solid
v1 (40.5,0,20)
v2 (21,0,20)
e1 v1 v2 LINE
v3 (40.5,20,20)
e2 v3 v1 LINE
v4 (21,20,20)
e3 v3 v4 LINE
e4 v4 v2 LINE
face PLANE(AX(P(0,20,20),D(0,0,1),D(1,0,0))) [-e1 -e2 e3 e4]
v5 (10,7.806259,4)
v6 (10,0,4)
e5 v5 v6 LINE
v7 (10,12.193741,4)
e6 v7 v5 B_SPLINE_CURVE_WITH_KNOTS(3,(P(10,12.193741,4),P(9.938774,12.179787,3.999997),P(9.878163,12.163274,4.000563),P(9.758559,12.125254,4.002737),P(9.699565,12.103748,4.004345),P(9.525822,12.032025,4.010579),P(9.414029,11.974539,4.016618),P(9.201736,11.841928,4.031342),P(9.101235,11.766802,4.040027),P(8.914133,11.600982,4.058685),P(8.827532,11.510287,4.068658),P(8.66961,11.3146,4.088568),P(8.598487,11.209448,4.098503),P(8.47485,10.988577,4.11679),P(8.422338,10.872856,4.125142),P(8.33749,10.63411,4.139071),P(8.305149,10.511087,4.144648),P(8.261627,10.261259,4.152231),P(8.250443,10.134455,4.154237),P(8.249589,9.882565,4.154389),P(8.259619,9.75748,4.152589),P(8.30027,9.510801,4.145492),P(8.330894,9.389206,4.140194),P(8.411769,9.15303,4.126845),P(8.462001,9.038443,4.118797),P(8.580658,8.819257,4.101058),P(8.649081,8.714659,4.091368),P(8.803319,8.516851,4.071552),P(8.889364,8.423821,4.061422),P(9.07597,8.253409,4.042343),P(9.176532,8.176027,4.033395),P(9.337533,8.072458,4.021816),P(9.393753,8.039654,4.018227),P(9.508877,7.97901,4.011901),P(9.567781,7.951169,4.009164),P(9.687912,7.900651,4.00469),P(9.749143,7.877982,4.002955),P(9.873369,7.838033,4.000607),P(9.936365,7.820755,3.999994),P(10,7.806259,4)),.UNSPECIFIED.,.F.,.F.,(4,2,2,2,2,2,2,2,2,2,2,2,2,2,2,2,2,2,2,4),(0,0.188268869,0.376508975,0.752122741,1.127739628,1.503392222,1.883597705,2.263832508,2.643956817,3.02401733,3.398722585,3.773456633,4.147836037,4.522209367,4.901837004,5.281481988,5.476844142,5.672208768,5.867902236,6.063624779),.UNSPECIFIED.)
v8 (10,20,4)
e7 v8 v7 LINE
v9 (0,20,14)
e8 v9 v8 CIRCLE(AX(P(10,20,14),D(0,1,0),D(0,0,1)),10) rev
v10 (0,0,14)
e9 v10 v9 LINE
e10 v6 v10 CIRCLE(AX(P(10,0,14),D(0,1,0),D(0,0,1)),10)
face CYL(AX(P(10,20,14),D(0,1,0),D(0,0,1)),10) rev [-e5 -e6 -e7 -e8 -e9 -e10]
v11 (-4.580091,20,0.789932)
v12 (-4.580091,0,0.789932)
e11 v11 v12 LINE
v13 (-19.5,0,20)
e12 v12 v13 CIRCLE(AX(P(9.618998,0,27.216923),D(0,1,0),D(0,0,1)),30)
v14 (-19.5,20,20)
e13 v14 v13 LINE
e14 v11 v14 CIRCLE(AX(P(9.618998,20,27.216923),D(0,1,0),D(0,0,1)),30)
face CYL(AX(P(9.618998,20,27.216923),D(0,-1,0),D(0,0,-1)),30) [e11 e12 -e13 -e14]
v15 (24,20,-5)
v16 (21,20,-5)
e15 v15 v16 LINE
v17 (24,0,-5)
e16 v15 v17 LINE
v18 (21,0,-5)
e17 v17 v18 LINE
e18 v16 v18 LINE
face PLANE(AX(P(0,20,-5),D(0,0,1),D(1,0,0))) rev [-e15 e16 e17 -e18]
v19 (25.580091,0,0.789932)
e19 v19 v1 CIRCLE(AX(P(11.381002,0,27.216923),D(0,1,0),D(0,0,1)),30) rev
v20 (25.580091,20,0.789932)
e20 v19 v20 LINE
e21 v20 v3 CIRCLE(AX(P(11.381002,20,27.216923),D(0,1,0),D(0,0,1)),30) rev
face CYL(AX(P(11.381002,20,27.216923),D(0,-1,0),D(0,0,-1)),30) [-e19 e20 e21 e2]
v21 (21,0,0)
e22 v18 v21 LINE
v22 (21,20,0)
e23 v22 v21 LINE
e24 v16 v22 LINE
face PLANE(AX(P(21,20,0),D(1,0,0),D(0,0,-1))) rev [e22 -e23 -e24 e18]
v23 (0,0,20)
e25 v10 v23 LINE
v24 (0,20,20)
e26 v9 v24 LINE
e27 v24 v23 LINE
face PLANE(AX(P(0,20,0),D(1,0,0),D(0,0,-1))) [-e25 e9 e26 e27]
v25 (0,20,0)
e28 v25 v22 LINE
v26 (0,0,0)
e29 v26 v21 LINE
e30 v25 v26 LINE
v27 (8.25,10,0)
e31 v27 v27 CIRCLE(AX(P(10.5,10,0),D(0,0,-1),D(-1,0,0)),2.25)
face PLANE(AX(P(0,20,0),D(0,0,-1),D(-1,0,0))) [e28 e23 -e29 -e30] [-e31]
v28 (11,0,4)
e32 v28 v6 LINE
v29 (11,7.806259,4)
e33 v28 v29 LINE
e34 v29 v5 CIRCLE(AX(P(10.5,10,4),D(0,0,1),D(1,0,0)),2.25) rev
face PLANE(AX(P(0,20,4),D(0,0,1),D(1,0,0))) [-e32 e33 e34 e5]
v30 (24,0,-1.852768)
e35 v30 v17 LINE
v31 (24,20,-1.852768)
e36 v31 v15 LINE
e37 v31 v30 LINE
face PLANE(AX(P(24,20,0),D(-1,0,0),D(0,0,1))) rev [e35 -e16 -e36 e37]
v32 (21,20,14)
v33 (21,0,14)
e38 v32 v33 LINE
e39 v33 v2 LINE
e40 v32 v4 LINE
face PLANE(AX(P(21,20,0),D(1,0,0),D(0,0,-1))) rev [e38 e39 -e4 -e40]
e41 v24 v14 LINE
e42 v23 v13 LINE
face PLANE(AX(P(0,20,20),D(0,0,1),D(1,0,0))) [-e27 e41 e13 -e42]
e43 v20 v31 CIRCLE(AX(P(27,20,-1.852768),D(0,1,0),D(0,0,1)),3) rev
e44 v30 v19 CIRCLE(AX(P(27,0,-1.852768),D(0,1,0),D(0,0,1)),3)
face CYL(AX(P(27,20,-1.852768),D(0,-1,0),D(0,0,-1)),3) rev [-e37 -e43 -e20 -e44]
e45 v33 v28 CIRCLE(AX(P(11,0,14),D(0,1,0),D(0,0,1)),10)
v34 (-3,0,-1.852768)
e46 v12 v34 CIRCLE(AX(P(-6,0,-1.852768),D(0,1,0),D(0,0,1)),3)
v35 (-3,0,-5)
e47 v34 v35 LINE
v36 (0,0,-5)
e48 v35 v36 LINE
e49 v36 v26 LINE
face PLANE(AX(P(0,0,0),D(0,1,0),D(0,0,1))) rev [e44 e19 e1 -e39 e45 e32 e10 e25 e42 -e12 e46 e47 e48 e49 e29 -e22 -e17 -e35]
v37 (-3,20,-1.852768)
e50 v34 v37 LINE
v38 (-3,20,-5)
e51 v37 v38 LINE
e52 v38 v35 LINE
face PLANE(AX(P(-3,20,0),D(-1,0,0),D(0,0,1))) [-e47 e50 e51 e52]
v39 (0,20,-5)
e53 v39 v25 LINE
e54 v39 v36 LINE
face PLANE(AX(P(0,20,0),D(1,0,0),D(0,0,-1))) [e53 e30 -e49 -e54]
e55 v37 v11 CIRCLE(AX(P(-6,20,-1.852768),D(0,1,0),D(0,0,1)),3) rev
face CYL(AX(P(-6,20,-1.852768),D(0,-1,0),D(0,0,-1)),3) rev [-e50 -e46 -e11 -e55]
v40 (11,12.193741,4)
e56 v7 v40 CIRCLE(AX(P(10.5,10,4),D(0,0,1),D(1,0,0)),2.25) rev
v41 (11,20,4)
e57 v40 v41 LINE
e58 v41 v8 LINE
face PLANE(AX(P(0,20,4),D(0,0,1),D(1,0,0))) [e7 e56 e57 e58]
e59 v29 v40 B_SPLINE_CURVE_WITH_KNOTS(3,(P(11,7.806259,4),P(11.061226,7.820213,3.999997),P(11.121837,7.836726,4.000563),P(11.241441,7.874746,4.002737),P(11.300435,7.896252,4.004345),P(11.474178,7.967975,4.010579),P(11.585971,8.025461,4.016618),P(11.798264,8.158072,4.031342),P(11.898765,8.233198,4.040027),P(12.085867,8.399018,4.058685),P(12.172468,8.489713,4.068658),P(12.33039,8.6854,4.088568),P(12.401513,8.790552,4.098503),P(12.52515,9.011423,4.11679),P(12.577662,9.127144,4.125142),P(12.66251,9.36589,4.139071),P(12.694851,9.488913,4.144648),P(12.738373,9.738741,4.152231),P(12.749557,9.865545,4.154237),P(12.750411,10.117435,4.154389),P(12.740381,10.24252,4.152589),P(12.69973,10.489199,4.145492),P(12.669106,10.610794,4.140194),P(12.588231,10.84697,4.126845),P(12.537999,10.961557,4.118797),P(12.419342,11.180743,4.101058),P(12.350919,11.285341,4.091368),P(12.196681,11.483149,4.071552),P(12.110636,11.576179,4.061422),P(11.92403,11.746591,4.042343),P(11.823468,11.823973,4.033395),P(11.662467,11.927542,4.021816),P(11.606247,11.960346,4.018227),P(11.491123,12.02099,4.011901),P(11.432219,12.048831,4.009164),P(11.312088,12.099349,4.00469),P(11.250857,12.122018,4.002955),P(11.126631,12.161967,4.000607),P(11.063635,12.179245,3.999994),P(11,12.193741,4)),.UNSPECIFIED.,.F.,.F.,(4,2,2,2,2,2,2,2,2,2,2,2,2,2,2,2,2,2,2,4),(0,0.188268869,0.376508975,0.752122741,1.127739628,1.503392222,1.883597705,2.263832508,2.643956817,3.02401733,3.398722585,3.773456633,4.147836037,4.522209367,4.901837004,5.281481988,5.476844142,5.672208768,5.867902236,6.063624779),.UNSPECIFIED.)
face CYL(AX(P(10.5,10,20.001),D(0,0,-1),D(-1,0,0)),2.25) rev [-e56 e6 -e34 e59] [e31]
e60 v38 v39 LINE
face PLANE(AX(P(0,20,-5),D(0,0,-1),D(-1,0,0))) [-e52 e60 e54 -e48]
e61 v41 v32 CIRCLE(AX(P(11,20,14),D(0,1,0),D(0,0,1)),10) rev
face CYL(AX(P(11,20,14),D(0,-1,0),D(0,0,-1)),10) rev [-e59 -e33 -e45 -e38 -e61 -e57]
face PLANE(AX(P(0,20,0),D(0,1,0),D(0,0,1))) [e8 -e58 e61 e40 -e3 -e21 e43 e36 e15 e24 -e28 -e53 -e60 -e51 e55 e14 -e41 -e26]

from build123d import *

# Parameters (mm, degrees)
SKETCH_1_W          = 21
SKETCH_1_H          = 4
SKETCH_1_W_2        = 3
SKETCH_1_H_2        = 5
EXTRUDE_1_DEPTH     = 20
FILLET_1_R          = 10
FILLET_2_R          = 3
CUT_EXTRUDE_1_REACH = 51.399
SKETCH_2_R          = 2.25


with BuildPart() as part:
    # 草图1 → 凸台-拉伸1 (new body)
    with BuildSketch(Plane(origin=(0, 0, 0), x_dir=(1, 0, 0), z_dir=(0, 1, 0))):
        with BuildLine():
            Line((0, -4), (0, 0))
            Line((0, 0), (-3, 0))
            ThreePointArc((-3, 0), (-13.522200743, -8.125434387), (-19.5, -20))
            Line((-19.5, -20), (0, -20))
            Line((0, -20), (0, -4))
        make_face()
        with Locations((10.5, -2)):
            Rectangle(SKETCH_1_W, SKETCH_1_H)
        with Locations((-1.5, 2.5)):
            Rectangle(SKETCH_1_W_2, SKETCH_1_H_2)
        with Locations((22.5, 2.5)):
            Rectangle(SKETCH_1_W_2, SKETCH_1_H_2)
        with BuildLine():
            Line((24, 0), (21, 0))
            Line((21, 0), (21, -4))
            Line((21, -4), (21, -20))
            Line((21, -20), (40.5, -20))
            ThreePointArc((40.5, -20), (34.522200743, -8.125434387), (24, 0))
        make_face()
    extrude(amount=EXTRUDE_1_DEPTH)

    # 圆角1
    fillet_1_edges = [part.edges().sort_by_distance(p)[0] for p in [
        (21, 10, 4),
        (0, 10, 4),
    ]]
    fillet(fillet_1_edges, radius=FILLET_1_R)

    # 圆角2
    fillet_2_edges = [part.edges().sort_by_distance(p)[0] for p in [
        (24, 10, 0),
        (-3, 10, 0),
    ]]
    fillet(fillet_2_edges, radius=FILLET_2_R)

    # 草图2 → 切除-拉伸1 (cut, up to next)
    with BuildSketch(Plane(origin=(0, 0, 0), x_dir=(-1, 0, 0), z_dir=(0, 0, -1)), mode=Mode.PRIVATE) as cut_extrude_1_sk1:
        with Locations((-10.5, 10)):
            Circle(SKETCH_2_R)
    cut_extrude_1_tool1 = extrude(cut_extrude_1_sk1.sketch, amount=-CUT_EXTRUDE_1_REACH, mode=Mode.PRIVATE) & part.part
    add(cut_extrude_1_tool1.solids().sort_by_distance((10.5, 10, 0))[0], mode=Mode.SUBTRACT)


solid = part.part
